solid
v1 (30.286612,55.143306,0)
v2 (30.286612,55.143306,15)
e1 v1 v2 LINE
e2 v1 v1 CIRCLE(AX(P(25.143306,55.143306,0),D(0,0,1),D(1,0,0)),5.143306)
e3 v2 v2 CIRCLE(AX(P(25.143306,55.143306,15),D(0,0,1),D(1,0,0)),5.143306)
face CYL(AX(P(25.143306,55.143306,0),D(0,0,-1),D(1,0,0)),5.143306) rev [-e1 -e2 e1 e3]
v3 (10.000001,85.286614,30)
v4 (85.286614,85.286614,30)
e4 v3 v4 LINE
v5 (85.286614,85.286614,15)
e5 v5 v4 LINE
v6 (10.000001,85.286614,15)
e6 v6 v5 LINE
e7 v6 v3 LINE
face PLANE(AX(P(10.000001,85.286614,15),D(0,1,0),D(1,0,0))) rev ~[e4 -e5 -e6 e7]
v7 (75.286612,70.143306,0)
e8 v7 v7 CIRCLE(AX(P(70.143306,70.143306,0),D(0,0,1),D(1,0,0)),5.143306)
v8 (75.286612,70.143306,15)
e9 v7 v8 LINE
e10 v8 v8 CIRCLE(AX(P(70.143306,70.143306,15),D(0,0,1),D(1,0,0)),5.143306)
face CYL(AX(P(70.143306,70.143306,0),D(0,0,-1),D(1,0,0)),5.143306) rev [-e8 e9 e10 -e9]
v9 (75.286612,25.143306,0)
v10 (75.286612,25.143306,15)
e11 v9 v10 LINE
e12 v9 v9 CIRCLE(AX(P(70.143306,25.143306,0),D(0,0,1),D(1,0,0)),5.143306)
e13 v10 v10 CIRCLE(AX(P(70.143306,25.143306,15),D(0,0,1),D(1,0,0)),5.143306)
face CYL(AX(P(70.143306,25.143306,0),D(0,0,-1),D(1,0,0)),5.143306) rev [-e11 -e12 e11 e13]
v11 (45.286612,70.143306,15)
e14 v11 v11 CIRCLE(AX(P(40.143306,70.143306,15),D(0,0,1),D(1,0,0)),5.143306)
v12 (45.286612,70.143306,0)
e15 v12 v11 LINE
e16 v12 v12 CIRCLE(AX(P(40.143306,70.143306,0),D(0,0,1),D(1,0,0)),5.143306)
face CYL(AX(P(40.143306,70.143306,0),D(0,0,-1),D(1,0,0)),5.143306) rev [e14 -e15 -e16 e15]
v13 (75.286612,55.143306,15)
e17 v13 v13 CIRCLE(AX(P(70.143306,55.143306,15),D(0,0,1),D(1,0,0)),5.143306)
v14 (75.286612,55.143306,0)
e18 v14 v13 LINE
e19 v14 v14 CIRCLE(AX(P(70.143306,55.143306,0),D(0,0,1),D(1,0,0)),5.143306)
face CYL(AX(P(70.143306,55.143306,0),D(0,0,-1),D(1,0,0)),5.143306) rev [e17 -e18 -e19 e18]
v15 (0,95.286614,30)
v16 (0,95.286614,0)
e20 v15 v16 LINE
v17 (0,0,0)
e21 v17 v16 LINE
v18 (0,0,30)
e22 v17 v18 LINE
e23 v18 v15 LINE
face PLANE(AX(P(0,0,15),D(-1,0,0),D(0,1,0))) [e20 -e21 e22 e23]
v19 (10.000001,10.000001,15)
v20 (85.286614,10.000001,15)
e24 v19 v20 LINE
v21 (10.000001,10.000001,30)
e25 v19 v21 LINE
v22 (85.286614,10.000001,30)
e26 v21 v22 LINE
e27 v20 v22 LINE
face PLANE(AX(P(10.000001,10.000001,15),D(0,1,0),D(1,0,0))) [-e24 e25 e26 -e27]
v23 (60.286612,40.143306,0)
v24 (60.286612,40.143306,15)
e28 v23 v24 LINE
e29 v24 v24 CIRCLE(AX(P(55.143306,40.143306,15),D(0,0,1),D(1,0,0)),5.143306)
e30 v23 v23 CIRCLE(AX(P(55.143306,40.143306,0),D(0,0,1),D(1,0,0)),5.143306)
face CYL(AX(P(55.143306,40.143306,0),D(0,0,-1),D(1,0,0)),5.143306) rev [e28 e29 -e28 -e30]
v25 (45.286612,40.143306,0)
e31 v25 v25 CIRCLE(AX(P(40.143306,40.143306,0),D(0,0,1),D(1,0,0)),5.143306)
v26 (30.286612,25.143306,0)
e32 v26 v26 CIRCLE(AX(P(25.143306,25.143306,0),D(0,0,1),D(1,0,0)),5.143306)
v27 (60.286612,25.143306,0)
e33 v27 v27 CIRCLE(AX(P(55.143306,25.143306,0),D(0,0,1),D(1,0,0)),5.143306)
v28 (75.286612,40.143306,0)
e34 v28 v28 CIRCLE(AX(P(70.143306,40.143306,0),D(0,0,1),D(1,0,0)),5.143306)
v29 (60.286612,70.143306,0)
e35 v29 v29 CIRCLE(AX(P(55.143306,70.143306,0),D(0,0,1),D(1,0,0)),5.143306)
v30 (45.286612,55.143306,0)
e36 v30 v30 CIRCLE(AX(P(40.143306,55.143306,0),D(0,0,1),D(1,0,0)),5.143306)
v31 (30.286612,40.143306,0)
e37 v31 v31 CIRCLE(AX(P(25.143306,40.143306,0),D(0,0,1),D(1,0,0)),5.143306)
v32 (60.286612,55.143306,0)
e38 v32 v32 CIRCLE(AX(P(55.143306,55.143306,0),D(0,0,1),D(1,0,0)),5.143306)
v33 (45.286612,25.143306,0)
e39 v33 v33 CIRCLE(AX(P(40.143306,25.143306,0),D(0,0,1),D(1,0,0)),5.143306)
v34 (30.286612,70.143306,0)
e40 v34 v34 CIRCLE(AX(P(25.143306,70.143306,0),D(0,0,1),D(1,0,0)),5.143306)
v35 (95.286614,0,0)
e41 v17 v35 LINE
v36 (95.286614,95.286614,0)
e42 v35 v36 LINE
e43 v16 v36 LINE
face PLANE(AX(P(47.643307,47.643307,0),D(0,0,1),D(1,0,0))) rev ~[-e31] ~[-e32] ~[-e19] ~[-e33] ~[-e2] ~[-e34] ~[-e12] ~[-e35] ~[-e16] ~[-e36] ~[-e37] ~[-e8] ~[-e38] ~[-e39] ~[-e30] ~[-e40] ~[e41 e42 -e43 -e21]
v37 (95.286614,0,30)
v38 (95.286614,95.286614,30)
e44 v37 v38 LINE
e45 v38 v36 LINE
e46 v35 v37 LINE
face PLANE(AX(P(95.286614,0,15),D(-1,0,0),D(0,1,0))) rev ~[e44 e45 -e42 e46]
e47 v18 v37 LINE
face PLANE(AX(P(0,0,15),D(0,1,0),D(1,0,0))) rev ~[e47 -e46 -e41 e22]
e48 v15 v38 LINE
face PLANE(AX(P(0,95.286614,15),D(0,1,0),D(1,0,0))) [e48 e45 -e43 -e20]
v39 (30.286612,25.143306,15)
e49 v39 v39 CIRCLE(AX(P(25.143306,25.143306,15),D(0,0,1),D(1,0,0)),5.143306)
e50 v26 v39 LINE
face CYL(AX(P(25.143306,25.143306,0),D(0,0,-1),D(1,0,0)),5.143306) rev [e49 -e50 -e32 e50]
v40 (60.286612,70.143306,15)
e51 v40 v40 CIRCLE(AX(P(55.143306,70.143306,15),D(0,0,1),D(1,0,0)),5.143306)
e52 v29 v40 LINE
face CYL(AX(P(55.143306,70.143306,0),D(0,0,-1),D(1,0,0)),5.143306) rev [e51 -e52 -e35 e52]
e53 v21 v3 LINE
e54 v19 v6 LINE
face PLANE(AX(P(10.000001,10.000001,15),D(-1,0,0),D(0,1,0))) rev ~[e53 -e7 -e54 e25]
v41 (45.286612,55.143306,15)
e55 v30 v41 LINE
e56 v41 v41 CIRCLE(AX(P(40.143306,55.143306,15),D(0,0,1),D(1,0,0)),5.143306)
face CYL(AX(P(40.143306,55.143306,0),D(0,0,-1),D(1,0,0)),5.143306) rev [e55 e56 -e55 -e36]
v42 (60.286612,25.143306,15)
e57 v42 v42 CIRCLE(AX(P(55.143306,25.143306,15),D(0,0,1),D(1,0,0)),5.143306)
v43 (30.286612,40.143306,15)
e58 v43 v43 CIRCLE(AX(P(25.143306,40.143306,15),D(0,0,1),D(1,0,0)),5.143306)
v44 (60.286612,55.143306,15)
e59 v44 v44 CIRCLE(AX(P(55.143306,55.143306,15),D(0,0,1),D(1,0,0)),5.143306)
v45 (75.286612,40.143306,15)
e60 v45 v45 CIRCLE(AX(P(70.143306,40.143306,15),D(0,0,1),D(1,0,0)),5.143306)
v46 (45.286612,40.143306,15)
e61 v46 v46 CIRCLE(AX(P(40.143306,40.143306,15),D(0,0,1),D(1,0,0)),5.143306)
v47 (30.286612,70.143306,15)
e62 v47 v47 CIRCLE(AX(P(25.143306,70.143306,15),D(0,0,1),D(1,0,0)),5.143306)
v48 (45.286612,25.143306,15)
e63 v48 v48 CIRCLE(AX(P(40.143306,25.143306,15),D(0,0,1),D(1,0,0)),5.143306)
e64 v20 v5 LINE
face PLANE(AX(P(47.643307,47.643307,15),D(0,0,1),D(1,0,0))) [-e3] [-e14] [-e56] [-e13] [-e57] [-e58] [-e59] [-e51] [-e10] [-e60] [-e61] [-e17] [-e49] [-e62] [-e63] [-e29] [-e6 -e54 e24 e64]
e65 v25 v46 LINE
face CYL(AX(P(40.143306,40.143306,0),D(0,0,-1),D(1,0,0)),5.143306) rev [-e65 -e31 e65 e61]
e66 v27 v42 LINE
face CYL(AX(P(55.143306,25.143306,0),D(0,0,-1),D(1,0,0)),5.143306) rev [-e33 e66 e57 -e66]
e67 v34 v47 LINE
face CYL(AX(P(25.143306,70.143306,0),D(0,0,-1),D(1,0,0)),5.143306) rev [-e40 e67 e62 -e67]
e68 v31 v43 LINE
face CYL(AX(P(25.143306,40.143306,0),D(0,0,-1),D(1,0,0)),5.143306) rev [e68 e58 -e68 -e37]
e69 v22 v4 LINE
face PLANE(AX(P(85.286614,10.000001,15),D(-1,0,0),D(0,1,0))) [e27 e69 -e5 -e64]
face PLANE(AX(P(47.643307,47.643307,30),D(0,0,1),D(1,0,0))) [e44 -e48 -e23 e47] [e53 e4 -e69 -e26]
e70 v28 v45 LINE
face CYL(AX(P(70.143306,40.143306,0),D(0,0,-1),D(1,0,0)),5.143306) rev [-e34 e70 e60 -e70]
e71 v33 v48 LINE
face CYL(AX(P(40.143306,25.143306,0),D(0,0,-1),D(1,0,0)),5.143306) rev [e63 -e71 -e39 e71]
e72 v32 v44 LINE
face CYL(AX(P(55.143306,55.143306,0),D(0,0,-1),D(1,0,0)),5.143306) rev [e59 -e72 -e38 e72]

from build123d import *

# Parameters (mm, degrees)
F0_W     = 95.286613
F0_H     = 95.286613
F0_R     = 5.143306
F1_DEPTH = 15
F2_W     = 95.286613
F2_H     = 95.286613
F2_W_2   = 75.286613
F2_H_2   = 75.286613
F3_DEPTH = 15


with BuildPart() as f1:
    # F0 (on Top) → F1 (new body)
    with BuildSketch(Plane.XY):
        with Locations((47.643307, 47.643307)):
            Rectangle(F0_W, F0_H)
        with Locations((25.143306, 25.143306)):
            Circle(F0_R, mode=Mode.SUBTRACT)
        with Locations((40.143306, 25.143306)):
            Circle(F0_R, mode=Mode.SUBTRACT)
        with Locations((25.143306, 40.143306)):
            Circle(F0_R, mode=Mode.SUBTRACT)
        with Locations((40.143306, 40.143306)):
            Circle(F0_R, mode=Mode.SUBTRACT)
        with Locations((55.143306, 25.143306)):
            Circle(F0_R, mode=Mode.SUBTRACT)
        with Locations((70.143306, 25.143306)):
            Circle(F0_R, mode=Mode.SUBTRACT)
        with Locations((55.143306, 40.143306)):
            Circle(F0_R, mode=Mode.SUBTRACT)
        with Locations((70.143306, 40.143306)):
            Circle(F0_R, mode=Mode.SUBTRACT)
        with Locations((25.143306, 55.143306)):
            Circle(F0_R, mode=Mode.SUBTRACT)
        with Locations((40.143306, 55.143306)):
            Circle(F0_R, mode=Mode.SUBTRACT)
        with Locations((25.143306, 70.143306)):
            Circle(F0_R, mode=Mode.SUBTRACT)
        with Locations((40.143306, 70.143306)):
            Circle(F0_R, mode=Mode.SUBTRACT)
        with Locations((55.143306, 55.143306)):
            Circle(F0_R, mode=Mode.SUBTRACT)
        with Locations((70.143306, 55.143306)):
            Circle(F0_R, mode=Mode.SUBTRACT)
        with Locations((55.143306, 70.143306)):
            Circle(F0_R, mode=Mode.SUBTRACT)
        with Locations((70.143306, 70.143306)):
            Circle(F0_R, mode=Mode.SUBTRACT)
    extrude(amount=F1_DEPTH)

    # F2 (on face) → F3 (join)
    with BuildSketch(Plane.XY.offset(15)):
        with Locations((47.643307, 47.643307)):
            Rectangle(F2_W, F2_H)
        with Locations((47.643307, 47.643307)):
            Rectangle(F2_W_2, F2_H_2, mode=Mode.SUBTRACT)
    extrude(amount=F3_DEPTH)


solid = f1.part
